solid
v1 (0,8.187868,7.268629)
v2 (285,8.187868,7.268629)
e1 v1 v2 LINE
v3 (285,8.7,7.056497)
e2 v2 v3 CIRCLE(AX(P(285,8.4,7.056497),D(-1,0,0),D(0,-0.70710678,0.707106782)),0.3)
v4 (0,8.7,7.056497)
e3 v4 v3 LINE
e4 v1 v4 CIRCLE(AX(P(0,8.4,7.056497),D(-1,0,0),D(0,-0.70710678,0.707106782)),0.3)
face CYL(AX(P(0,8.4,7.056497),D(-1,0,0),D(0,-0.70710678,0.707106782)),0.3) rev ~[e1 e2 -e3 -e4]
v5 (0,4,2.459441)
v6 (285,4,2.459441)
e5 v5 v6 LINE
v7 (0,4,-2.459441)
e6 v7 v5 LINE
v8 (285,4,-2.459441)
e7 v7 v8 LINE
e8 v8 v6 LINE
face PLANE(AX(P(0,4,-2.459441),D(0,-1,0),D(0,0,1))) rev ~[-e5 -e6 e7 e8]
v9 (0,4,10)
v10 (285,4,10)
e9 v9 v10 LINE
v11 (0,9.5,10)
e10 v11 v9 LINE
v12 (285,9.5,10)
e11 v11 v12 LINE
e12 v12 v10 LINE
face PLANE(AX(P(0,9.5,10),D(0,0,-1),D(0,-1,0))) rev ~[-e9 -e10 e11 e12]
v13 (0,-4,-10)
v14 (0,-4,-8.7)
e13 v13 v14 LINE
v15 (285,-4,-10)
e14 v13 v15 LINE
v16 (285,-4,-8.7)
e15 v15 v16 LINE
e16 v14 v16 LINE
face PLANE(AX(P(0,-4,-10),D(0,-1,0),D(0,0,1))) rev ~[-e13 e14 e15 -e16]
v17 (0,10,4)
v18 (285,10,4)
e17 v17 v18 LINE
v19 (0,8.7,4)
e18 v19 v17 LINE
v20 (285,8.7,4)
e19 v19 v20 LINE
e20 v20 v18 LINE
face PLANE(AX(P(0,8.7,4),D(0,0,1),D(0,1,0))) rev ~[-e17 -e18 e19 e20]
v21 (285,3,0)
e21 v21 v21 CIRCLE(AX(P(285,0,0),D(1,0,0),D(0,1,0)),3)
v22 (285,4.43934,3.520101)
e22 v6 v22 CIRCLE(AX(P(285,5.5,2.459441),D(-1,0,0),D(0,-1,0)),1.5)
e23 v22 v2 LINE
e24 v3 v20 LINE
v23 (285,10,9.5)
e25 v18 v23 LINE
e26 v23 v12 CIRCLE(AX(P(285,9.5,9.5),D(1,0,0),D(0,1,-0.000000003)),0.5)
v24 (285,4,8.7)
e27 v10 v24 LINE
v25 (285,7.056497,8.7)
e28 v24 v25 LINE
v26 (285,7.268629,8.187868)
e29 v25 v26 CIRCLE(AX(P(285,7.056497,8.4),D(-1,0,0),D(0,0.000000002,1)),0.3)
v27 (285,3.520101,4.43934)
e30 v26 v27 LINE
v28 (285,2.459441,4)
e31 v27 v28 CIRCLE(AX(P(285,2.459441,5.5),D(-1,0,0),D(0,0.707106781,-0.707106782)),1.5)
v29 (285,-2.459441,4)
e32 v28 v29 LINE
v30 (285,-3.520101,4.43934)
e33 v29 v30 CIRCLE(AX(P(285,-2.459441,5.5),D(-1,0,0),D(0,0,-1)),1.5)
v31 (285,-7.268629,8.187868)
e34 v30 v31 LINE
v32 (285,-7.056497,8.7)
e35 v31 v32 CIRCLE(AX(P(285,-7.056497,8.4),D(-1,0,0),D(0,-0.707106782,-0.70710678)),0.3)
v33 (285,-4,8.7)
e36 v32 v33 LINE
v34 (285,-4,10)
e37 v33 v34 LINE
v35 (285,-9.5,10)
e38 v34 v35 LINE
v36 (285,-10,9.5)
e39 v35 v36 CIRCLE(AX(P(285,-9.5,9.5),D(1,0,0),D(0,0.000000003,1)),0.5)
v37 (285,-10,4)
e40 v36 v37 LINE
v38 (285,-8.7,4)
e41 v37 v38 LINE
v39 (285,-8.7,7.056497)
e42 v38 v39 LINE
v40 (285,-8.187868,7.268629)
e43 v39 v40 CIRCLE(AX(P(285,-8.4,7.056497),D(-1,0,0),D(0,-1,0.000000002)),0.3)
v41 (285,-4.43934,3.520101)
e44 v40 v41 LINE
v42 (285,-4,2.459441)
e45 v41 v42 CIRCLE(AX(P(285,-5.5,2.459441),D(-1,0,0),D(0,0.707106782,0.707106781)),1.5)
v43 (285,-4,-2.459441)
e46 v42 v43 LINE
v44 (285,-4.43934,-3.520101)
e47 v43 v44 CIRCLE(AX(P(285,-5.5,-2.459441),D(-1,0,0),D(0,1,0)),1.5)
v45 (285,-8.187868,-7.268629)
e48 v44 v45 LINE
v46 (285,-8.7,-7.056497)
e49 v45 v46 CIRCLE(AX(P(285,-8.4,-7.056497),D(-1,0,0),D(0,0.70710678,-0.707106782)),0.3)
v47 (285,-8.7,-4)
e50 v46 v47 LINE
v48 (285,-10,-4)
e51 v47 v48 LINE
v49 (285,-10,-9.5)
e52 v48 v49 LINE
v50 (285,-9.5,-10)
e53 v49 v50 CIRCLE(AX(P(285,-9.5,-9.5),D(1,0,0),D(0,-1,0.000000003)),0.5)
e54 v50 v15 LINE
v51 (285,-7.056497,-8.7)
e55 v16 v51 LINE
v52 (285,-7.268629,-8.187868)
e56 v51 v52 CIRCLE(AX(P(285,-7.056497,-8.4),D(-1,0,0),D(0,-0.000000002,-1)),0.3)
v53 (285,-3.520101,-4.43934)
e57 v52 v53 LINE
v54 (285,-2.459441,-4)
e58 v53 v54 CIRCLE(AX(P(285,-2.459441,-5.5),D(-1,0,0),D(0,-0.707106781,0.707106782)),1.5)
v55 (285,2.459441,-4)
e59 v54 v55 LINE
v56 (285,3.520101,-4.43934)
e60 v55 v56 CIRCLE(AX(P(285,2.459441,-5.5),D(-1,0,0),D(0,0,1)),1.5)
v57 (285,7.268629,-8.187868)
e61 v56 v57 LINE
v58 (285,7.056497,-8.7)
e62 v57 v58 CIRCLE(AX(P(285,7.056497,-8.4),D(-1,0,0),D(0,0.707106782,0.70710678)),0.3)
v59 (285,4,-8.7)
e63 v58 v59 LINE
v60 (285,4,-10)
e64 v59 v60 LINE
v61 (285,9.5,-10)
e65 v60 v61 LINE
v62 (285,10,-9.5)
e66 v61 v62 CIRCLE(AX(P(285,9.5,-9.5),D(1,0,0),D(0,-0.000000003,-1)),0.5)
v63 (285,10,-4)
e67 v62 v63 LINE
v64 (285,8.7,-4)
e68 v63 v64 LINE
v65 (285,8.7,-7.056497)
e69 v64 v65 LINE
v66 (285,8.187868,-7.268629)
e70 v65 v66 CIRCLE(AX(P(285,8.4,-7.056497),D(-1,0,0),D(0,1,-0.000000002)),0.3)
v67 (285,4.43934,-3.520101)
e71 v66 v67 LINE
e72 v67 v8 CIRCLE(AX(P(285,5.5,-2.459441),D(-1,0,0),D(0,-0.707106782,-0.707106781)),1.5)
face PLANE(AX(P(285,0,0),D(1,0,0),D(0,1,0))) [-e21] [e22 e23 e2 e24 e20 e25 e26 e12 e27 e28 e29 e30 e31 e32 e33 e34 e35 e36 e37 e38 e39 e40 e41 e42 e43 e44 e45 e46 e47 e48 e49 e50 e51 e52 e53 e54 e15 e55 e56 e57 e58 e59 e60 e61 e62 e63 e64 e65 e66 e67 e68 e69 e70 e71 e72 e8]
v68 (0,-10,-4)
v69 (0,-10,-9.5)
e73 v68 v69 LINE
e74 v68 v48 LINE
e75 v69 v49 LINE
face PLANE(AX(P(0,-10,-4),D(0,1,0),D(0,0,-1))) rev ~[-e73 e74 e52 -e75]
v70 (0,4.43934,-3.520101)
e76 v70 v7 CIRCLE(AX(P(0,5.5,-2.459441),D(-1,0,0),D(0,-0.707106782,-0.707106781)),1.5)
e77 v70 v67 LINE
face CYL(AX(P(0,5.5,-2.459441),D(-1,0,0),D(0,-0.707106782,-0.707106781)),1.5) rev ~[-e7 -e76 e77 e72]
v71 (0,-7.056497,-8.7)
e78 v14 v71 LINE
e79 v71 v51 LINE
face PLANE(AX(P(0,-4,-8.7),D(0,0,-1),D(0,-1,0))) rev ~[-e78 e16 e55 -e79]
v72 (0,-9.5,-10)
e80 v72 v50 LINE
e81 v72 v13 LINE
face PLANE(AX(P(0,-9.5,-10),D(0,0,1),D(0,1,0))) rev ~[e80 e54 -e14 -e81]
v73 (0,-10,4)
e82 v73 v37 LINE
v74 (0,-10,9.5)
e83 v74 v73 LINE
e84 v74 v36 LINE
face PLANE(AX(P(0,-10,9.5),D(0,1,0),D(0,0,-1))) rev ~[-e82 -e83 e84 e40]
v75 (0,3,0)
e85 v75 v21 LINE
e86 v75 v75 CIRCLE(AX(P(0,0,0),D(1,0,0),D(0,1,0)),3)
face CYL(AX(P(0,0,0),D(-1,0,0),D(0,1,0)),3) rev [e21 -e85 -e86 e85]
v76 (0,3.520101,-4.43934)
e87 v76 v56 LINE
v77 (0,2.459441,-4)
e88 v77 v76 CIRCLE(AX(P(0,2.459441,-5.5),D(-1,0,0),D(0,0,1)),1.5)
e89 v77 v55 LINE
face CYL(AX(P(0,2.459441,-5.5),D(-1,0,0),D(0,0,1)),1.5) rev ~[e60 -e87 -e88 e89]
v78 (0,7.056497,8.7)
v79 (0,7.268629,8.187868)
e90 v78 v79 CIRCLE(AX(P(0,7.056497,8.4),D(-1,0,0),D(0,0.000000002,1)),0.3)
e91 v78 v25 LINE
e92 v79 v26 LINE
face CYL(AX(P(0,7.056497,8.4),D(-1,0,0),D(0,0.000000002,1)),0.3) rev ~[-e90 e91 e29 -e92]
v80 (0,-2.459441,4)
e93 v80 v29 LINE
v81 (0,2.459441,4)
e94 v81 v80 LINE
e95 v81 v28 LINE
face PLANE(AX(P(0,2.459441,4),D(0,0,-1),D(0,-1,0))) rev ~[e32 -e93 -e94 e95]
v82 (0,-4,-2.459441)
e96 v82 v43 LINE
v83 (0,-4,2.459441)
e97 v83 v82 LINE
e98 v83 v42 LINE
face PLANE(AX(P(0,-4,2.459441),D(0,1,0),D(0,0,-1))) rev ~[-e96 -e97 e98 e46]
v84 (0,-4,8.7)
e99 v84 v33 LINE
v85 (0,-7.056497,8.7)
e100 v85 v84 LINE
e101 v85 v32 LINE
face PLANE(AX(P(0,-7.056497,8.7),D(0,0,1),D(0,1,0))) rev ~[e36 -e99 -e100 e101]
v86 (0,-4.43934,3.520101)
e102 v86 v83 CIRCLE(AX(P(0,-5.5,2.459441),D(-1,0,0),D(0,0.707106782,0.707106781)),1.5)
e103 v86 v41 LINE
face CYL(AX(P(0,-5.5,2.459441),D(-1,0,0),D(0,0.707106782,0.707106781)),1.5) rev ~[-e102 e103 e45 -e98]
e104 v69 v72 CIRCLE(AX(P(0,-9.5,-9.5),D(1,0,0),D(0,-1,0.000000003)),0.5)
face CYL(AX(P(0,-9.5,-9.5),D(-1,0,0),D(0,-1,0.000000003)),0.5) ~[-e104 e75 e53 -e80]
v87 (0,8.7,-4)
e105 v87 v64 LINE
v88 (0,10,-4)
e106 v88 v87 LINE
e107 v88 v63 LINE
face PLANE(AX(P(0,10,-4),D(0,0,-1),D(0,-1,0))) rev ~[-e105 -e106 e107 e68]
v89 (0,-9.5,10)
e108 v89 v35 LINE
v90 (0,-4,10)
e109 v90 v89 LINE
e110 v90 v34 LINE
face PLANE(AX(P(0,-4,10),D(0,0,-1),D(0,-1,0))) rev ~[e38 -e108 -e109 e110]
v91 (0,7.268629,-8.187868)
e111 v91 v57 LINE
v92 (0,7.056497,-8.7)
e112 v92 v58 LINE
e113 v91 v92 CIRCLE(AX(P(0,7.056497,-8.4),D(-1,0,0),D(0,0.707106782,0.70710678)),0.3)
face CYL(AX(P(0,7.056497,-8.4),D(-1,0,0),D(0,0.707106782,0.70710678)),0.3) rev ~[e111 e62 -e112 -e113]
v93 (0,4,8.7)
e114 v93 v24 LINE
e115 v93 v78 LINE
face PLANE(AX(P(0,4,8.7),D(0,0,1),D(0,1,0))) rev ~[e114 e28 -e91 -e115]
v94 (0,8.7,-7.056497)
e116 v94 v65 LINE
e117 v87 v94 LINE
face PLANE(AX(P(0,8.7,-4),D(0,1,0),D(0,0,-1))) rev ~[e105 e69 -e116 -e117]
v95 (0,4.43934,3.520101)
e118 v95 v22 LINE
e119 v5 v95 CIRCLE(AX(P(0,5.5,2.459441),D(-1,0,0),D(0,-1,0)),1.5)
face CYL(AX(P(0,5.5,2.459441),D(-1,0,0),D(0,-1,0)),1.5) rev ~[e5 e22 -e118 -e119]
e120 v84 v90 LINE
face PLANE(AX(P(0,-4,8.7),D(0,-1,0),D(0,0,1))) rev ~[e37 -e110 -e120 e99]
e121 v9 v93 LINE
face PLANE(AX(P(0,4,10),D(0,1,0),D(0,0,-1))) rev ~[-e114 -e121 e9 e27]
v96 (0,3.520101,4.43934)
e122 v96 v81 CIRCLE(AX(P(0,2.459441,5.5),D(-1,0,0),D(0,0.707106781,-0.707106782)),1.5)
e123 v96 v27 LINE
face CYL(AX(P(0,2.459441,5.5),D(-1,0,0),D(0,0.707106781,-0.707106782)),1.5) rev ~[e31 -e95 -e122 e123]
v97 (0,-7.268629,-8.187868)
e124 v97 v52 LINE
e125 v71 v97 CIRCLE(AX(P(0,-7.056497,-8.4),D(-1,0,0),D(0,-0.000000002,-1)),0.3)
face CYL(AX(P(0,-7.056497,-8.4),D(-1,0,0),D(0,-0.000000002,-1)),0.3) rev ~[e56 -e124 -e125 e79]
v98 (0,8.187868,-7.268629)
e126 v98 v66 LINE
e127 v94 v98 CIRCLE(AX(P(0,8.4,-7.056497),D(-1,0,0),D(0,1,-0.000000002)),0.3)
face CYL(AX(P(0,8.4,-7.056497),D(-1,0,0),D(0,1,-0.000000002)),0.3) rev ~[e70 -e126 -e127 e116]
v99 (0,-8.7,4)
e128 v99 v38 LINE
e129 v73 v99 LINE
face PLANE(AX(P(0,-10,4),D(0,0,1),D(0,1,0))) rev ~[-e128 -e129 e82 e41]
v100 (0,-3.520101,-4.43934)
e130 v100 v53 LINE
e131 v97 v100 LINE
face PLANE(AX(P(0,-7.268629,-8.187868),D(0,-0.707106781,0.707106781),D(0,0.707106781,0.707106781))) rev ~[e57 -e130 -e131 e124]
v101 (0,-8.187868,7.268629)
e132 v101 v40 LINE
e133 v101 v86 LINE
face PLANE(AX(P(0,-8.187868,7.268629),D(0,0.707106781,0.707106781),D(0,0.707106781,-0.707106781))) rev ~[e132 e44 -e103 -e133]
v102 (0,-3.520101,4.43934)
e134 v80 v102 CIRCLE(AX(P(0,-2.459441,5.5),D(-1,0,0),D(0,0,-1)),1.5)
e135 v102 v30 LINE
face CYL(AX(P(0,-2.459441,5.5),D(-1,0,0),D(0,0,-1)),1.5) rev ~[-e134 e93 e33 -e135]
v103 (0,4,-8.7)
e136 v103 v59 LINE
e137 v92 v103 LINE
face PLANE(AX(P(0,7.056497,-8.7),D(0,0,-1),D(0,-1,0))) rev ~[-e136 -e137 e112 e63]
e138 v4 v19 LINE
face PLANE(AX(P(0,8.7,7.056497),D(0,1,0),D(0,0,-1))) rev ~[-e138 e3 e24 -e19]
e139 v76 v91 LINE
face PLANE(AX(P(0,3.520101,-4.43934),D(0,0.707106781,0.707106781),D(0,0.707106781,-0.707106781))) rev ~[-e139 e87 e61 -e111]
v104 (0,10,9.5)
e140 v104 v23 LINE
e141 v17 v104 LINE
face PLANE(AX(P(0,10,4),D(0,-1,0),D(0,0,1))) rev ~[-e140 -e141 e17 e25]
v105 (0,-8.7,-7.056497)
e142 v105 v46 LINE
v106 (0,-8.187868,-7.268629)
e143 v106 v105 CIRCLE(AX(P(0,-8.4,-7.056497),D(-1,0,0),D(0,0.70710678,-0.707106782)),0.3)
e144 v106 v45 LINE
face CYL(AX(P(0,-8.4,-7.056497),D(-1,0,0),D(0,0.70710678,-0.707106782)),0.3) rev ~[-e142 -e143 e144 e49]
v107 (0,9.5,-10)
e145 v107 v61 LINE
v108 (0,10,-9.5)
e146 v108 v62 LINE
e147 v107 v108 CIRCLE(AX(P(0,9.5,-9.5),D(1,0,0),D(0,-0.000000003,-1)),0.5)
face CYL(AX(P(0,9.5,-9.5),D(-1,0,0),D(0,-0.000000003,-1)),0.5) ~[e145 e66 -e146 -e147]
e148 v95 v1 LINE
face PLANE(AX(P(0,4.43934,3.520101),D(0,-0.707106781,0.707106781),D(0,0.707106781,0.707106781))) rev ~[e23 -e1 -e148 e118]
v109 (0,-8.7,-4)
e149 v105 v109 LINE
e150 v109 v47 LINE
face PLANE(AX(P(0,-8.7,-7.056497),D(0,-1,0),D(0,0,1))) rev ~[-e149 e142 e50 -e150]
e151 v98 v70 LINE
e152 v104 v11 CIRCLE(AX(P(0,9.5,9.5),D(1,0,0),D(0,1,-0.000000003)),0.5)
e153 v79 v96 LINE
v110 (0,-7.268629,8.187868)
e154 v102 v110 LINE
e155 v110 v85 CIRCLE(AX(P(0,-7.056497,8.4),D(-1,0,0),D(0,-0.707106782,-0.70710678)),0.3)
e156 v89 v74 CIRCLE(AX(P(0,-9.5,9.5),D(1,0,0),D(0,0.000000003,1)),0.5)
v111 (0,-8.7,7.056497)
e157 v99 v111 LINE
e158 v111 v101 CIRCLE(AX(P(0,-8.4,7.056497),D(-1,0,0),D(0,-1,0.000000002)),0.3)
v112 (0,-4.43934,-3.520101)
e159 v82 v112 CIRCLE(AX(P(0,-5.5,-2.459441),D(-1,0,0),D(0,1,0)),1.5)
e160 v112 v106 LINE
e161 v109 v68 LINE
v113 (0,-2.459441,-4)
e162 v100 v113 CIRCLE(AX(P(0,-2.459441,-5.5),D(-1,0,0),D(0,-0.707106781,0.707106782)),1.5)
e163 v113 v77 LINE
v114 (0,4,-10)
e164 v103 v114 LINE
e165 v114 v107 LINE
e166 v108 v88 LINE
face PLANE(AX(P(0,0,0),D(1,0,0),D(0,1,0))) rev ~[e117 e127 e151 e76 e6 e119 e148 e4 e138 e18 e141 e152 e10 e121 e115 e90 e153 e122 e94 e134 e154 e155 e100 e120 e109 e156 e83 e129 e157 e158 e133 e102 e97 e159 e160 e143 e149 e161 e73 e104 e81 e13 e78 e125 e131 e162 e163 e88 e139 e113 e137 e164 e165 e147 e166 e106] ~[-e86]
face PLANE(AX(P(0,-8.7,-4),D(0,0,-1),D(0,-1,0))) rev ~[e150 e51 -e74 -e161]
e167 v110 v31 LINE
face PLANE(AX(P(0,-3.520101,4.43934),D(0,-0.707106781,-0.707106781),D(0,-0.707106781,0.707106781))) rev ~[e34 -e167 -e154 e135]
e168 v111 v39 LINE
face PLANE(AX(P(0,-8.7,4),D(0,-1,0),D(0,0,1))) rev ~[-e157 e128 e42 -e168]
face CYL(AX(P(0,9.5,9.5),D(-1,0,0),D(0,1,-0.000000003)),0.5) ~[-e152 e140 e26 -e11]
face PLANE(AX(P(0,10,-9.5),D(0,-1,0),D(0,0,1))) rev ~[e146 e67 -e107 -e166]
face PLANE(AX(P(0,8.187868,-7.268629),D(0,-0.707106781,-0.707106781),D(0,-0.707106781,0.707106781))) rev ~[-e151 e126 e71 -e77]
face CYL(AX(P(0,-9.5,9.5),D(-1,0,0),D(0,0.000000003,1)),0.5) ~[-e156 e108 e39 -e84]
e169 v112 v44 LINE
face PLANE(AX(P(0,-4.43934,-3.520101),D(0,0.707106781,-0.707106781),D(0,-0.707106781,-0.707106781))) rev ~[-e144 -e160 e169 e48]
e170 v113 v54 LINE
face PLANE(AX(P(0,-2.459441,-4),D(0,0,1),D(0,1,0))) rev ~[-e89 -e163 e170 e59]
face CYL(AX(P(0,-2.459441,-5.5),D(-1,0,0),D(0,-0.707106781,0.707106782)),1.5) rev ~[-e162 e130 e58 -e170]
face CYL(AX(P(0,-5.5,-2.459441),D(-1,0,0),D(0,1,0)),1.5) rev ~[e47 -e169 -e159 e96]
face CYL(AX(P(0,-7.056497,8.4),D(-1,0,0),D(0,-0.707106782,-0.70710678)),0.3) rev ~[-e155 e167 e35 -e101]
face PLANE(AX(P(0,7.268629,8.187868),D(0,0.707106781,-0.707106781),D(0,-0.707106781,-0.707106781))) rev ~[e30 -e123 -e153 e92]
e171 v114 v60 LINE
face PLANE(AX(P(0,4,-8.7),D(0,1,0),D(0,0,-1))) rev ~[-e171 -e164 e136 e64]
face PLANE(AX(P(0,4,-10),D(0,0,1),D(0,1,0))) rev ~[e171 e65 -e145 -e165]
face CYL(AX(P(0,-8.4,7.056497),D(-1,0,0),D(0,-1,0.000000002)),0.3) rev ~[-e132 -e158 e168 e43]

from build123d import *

# Parameters (mm, degrees)
SKETCH1_R                                   = 3
QUADRADO_PF20_01_PERFIL_2020_B_SICO_1_DEPTH = 285


with BuildPart() as part:
    # Sketch1 → Quadrado PF20-01 - PERFIL 2020 BÁSICO(1) (new body)
    with BuildSketch(Plane.YZ):
        with BuildLine():
            Line((8.187867966, -7.26862915), (4.439339828, -3.520101013))
            ThreePointArc((4.439339828, -3.520101013), (4.114180701, -3.033465989), (4, -2.459440841))
            Line((4, -2.459440841), (4, 2.459440841))
            ThreePointArc((4, 2.459440841), (4.114180701, 3.033465989), (4.439339828, 3.520101013))
            Line((4.439339828, 3.520101013), (8.187867966, 7.26862915))
            ThreePointArc((8.187867966, 7.26862915), (8.51480503, 7.333660975), (8.7, 7.056497116))
            Line((8.7, 7.056497116), (8.7, 4))
            Line((8.7, 4), (10, 4))
            Line((10, 4), (10, 9.5))
            ThreePointArc((10, 9.5), (9.853553391, 9.853553391), (9.5, 10))
            Line((9.5, 10), (4, 10))
            Line((4, 10), (4, 8.7))
            Line((4, 8.7), (7.056497116, 8.7))
            ThreePointArc((7.056497116, 8.7), (7.333660975, 8.51480503), (7.26862915, 8.187867966))
            Line((7.26862915, 8.187867966), (3.520101013, 4.439339828))
            ThreePointArc((3.520101013, 4.439339828), (3.033465989, 4.114180701), (2.459440841, 4))
            Line((2.459440841, 4), (-2.459440841, 4))
            ThreePointArc((-2.459440841, 4), (-3.033465989, 4.114180701), (-3.520101013, 4.439339828))
            Line((-3.520101013, 4.439339828), (-7.26862915, 8.187867966))
            ThreePointArc((-7.26862915, 8.187867966), (-7.333660975, 8.51480503), (-7.056497116, 8.7))
            Line((-7.056497116, 8.7), (-4, 8.7))
            Line((-4, 8.7), (-4, 10))
            Line((-4, 10), (-9.5, 10))
            ThreePointArc((-9.5, 10), (-9.853553391, 9.853553391), (-10, 9.5))
            Line((-10, 9.5), (-10, 4))
            Line((-10, 4), (-8.7, 4))
            Line((-8.7, 4), (-8.7, 7.056497116))
            ThreePointArc((-8.7, 7.056497116), (-8.51480503, 7.333660975), (-8.187867966, 7.26862915))
            Line((-8.187867966, 7.26862915), (-4.439339828, 3.520101013))
            ThreePointArc((-4.439339828, 3.520101013), (-4.114180701, 3.033465989), (-4, 2.459440841))
            Line((-4, 2.459440841), (-4, -2.459440841))
            ThreePointArc((-4, -2.459440841), (-4.114180701, -3.033465989), (-4.439339828, -3.520101013))
            Line((-4.439339828, -3.520101013), (-8.187867966, -7.26862915))
            ThreePointArc((-8.187867966, -7.26862915), (-8.51480503, -7.333660975), (-8.7, -7.056497116))
            Line((-8.7, -7.056497116), (-8.7, -4))
            Line((-8.7, -4), (-10, -4))
            Line((-10, -4), (-10, -9.5))
            ThreePointArc((-10, -9.5), (-9.853553391, -9.853553391), (-9.5, -10))
            Line((-9.5, -10), (-4, -10))
            Line((-4, -10), (-4, -8.7))
            Line((-4, -8.7), (-7.056497116, -8.7))
            ThreePointArc((-7.056497116, -8.7), (-7.333660975, -8.51480503), (-7.26862915, -8.187867966))
            Line((-7.26862915, -8.187867966), (-3.520101013, -4.439339828))
            ThreePointArc((-3.520101013, -4.439339828), (-3.033465989, -4.114180701), (-2.459440841, -4))
            Line((-2.459440841, -4), (2.459440841, -4))
            ThreePointArc((2.459440841, -4), (3.033465989, -4.114180701), (3.520101013, -4.439339828))
            Line((3.520101013, -4.439339828), (7.26862915, -8.187867966))
            ThreePointArc((7.26862915, -8.187867966), (7.333660975, -8.51480503), (7.056497116, -8.7))
            Line((7.056497116, -8.7), (4, -8.7))
            Line((4, -8.7), (4, -10))
            Line((4, -10), (9.5, -10))
            ThreePointArc((9.5, -10), (9.853553391, -9.853553391), (10, -9.5))
            Line((10, -9.5), (10, -4))
            Line((10, -4), (8.7, -4))
            Line((8.7, -4), (8.7, -7.056497116))
            ThreePointArc((8.7, -7.056497116), (8.51480503, -7.333660975), (8.187867966, -7.26862915))
        make_face()
        Circle(SKETCH1_R, mode=Mode.SUBTRACT)
    extrude(amount=QUADRADO_PF20_01_PERFIL_2020_B_SICO_1_DEPTH)


solid = part.part
